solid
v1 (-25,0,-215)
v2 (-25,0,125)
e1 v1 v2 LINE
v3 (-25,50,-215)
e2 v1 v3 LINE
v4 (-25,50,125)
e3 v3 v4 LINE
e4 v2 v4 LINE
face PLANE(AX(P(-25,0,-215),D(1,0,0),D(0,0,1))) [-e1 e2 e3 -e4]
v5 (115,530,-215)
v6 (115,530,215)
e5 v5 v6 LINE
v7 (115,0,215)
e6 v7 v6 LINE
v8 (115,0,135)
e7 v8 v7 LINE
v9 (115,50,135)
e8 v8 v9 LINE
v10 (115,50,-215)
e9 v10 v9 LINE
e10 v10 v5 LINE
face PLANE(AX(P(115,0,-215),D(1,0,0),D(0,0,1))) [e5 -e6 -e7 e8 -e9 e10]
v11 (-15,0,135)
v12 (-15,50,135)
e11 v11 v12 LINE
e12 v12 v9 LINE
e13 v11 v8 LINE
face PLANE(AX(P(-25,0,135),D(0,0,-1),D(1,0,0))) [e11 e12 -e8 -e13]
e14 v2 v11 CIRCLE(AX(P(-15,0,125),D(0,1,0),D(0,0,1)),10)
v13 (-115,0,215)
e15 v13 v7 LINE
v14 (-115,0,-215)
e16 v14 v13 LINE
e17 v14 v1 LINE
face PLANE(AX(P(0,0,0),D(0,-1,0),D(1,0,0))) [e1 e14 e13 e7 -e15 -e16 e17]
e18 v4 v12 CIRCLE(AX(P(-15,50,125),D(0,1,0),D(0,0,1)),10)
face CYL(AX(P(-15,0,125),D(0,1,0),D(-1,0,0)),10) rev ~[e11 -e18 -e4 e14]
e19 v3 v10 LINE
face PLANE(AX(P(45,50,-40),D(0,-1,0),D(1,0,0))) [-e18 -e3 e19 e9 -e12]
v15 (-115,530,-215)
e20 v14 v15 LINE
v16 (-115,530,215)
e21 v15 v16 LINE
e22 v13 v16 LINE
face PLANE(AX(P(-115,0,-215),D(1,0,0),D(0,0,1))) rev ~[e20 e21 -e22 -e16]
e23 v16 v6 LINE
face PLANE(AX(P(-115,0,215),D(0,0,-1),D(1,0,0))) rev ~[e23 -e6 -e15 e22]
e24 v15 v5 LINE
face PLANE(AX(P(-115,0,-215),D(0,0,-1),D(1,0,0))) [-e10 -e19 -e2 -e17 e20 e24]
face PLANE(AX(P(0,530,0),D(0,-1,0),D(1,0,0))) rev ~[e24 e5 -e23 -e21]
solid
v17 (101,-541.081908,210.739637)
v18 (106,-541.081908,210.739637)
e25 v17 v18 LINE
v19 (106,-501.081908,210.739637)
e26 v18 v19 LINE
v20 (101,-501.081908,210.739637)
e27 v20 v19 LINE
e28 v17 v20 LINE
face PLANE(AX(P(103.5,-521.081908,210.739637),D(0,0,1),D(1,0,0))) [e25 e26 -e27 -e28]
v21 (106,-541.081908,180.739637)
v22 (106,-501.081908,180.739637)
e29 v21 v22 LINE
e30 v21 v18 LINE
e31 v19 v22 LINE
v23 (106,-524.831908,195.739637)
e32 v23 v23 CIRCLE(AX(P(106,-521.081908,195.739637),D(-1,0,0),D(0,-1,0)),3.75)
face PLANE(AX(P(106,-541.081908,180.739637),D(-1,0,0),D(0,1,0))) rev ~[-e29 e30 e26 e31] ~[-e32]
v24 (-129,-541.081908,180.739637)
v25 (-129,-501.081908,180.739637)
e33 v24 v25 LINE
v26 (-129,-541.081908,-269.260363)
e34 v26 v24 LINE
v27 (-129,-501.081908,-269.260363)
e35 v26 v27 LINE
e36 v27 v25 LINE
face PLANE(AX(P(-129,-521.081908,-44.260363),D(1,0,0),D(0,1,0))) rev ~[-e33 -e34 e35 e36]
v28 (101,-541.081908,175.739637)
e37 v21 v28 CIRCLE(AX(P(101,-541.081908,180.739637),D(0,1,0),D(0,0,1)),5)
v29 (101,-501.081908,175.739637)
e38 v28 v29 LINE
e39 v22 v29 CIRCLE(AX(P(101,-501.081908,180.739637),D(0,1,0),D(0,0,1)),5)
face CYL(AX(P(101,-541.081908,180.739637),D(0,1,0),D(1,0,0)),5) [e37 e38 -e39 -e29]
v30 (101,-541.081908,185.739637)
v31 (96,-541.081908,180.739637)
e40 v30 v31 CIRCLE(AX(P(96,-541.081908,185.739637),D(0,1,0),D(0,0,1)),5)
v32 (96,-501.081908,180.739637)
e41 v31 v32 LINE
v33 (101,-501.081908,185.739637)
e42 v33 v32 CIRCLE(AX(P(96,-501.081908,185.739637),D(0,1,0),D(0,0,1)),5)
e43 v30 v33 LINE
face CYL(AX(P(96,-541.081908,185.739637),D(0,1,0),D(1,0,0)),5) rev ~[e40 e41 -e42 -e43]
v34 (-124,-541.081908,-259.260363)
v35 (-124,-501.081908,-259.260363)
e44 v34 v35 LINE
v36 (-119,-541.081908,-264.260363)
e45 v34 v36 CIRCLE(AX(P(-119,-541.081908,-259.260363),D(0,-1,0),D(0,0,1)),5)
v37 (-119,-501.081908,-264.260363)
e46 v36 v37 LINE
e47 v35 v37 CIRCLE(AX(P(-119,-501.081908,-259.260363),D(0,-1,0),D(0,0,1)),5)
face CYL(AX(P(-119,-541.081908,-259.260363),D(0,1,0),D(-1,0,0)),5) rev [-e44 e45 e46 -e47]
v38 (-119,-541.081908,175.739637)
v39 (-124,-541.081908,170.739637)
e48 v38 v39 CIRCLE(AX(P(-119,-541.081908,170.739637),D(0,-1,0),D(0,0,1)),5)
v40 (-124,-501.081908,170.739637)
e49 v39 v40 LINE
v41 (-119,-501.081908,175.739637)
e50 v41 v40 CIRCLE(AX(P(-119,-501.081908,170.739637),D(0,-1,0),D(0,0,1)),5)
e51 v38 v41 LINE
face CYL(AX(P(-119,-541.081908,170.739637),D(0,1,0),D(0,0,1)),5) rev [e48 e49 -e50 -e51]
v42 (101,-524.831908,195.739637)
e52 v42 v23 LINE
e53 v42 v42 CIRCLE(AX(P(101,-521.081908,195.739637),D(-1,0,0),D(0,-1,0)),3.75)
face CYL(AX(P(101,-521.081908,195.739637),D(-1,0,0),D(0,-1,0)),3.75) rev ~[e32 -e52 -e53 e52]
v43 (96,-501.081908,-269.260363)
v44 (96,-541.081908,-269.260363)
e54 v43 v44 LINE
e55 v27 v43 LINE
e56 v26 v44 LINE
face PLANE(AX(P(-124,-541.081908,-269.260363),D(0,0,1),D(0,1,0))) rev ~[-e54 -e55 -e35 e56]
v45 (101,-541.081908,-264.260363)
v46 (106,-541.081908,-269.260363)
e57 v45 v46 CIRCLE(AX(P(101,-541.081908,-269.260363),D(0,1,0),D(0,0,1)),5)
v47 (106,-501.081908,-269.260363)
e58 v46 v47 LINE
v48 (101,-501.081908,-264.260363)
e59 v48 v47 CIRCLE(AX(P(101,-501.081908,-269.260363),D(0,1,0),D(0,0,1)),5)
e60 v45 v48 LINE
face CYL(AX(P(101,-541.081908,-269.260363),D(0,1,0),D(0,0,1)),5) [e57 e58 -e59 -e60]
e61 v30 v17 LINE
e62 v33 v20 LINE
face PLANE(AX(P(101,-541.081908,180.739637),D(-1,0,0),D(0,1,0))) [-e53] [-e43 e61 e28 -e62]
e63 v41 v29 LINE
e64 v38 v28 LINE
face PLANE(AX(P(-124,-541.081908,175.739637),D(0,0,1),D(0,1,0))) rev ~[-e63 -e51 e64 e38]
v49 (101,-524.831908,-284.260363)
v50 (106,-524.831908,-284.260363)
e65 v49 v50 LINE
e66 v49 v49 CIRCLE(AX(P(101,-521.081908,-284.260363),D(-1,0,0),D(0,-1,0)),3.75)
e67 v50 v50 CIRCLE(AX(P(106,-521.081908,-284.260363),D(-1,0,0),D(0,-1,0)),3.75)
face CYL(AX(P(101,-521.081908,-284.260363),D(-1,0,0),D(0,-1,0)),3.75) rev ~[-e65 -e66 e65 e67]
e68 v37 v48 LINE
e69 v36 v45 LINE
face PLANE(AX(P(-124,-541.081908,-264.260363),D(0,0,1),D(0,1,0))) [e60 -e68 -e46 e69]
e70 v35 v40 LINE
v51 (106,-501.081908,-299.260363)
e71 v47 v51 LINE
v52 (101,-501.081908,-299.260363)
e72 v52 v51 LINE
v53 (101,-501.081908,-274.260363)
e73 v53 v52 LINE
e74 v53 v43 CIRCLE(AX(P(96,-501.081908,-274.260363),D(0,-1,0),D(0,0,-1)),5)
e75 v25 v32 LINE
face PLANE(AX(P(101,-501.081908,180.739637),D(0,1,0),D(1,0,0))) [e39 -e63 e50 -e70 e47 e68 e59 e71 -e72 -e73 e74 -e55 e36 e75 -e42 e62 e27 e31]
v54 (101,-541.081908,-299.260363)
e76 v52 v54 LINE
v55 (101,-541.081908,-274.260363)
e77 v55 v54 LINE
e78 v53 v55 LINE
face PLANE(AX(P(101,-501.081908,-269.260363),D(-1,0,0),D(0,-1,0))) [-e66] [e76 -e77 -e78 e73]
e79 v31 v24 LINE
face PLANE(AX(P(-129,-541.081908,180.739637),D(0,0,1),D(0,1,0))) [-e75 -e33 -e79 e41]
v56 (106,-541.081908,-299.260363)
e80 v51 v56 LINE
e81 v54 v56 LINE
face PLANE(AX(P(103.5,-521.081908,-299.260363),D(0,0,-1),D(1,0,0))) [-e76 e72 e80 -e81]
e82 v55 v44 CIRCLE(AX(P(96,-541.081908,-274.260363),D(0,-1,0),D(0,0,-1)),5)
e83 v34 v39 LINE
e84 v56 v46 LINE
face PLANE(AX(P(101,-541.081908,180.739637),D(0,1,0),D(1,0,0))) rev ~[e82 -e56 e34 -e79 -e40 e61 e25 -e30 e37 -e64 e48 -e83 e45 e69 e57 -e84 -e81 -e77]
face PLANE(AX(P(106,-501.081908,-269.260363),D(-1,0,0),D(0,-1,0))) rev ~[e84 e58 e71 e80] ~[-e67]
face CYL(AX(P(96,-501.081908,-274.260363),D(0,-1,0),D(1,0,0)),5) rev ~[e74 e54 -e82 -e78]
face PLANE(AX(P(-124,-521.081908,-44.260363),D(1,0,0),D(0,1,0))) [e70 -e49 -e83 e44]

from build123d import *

# Parameters (mm, degrees)
F0_W      = 230
F0_H      = 430
F2_DEPTH  = 530
F1_W      = 140
F1_H      = 350
F3_DEPTH  = 50
F4_R      = 10
F5_W      = 40
F5_H      = 450
F6_DEPTH  = 5
F8_W      = 40
F8_H      = 5
F9_DEPTH  = 230
F10_W     = 5
F10_H     = 40
F12_DEPTH = 30
F11_W     = 5
F11_H     = 40
F13_DEPTH = 30
F14_R     = 5
F15_R     = 3.75
F17_DEPTH = 25
F16_R     = 3.75
F18_DEPTH = 25


with BuildPart() as f2:
    # F0 (on Front) → F2 (new body)
    with BuildSketch(Plane.XZ):
        Rectangle(F0_W, F0_H)
    extrude(amount=-F2_DEPTH)

    # F1 (on face) → F3 (cut)
    with BuildSketch(Plane.XZ):
        with Locations((45, -40)):
            Rectangle(F1_W, F1_H)
    extrude(amount=-F3_DEPTH, mode=Mode.SUBTRACT)

    # F4
    f4_edges = [f2.edges().sort_by_distance(p)[0] for p in [
        (-25, 25, 135),
    ]]
    fillet(f4_edges, radius=F4_R)


with BuildPart() as f6:
    # F5 (on Right) → F6 (new body)
    with BuildSketch(Plane.YZ):
        with Locations((-72.081908, 3.739637)):
            Rectangle(F5_W, F5_H)
    extrude(amount=F6_DEPTH)


with BuildPart() as f6_1:
    # F7: moved
    add(f6.part.moved(Location((-129, -449, -48))))

    # F8 (on face) → F9 (join)
    with BuildSketch(Plane.YZ.offset(-124)):
        with Locations((-521.081908, -266.760363)):
            Rectangle(F8_W, F8_H)
        with Locations((-521.081908, 178.239637)):
            Rectangle(F8_W, F8_H)
    extrude(amount=F9_DEPTH)

    # F10 (on face) → F12 (join)
    with BuildSketch(Plane(origin=(0, 0, -269.260363), x_dir=(1, 0, 0), z_dir=(0, 0, -1))):
        with Locations((103.5, 521.081908)):
            Rectangle(F10_W, F10_H)
    extrude(amount=F12_DEPTH)

    # F11 (on face) → F13 (join)
    with BuildSketch(Plane.XY.offset(180.739637)):
        with Locations((103.5, -521.081908)):
            Rectangle(F11_W, F11_H)
    extrude(amount=F13_DEPTH)

    # F14
    f14_edges = [f6_1.edges().sort_by_distance(p)[0] for p in [
        (-124, -521.081908, -264.260363),
        (101, -521.081908, -269.260363),
        (-124, -521.081908, 175.739637),
        (101, -521.081908, 180.739637),
        (106, -521.081908, -264.260363),
        (106, -521.081908, 175.739637),
    ]]
    fillet(f14_edges, radius=F14_R)

    # F15 (on face) → F17 (cut)
    with BuildSketch(Plane(origin=(101, 0, 0), x_dir=(0, -1, 0), z_dir=(-1, 0, 0))):
        with Locations((521.081908, -284.260363)):
            Circle(F15_R)
    extrude(amount=-F17_DEPTH, mode=Mode.SUBTRACT)

    # F16 (on face) → F18 (cut)
    with BuildSketch(Plane(origin=(101, 0, 0), x_dir=(0, -1, 0), z_dir=(-1, 0, 0))):
        with Locations((521.081908, 195.739637)):
            Circle(F16_R)
    extrude(amount=-F18_DEPTH, mode=Mode.SUBTRACT)


solid = Compound([f2.part, f6_1.part])
